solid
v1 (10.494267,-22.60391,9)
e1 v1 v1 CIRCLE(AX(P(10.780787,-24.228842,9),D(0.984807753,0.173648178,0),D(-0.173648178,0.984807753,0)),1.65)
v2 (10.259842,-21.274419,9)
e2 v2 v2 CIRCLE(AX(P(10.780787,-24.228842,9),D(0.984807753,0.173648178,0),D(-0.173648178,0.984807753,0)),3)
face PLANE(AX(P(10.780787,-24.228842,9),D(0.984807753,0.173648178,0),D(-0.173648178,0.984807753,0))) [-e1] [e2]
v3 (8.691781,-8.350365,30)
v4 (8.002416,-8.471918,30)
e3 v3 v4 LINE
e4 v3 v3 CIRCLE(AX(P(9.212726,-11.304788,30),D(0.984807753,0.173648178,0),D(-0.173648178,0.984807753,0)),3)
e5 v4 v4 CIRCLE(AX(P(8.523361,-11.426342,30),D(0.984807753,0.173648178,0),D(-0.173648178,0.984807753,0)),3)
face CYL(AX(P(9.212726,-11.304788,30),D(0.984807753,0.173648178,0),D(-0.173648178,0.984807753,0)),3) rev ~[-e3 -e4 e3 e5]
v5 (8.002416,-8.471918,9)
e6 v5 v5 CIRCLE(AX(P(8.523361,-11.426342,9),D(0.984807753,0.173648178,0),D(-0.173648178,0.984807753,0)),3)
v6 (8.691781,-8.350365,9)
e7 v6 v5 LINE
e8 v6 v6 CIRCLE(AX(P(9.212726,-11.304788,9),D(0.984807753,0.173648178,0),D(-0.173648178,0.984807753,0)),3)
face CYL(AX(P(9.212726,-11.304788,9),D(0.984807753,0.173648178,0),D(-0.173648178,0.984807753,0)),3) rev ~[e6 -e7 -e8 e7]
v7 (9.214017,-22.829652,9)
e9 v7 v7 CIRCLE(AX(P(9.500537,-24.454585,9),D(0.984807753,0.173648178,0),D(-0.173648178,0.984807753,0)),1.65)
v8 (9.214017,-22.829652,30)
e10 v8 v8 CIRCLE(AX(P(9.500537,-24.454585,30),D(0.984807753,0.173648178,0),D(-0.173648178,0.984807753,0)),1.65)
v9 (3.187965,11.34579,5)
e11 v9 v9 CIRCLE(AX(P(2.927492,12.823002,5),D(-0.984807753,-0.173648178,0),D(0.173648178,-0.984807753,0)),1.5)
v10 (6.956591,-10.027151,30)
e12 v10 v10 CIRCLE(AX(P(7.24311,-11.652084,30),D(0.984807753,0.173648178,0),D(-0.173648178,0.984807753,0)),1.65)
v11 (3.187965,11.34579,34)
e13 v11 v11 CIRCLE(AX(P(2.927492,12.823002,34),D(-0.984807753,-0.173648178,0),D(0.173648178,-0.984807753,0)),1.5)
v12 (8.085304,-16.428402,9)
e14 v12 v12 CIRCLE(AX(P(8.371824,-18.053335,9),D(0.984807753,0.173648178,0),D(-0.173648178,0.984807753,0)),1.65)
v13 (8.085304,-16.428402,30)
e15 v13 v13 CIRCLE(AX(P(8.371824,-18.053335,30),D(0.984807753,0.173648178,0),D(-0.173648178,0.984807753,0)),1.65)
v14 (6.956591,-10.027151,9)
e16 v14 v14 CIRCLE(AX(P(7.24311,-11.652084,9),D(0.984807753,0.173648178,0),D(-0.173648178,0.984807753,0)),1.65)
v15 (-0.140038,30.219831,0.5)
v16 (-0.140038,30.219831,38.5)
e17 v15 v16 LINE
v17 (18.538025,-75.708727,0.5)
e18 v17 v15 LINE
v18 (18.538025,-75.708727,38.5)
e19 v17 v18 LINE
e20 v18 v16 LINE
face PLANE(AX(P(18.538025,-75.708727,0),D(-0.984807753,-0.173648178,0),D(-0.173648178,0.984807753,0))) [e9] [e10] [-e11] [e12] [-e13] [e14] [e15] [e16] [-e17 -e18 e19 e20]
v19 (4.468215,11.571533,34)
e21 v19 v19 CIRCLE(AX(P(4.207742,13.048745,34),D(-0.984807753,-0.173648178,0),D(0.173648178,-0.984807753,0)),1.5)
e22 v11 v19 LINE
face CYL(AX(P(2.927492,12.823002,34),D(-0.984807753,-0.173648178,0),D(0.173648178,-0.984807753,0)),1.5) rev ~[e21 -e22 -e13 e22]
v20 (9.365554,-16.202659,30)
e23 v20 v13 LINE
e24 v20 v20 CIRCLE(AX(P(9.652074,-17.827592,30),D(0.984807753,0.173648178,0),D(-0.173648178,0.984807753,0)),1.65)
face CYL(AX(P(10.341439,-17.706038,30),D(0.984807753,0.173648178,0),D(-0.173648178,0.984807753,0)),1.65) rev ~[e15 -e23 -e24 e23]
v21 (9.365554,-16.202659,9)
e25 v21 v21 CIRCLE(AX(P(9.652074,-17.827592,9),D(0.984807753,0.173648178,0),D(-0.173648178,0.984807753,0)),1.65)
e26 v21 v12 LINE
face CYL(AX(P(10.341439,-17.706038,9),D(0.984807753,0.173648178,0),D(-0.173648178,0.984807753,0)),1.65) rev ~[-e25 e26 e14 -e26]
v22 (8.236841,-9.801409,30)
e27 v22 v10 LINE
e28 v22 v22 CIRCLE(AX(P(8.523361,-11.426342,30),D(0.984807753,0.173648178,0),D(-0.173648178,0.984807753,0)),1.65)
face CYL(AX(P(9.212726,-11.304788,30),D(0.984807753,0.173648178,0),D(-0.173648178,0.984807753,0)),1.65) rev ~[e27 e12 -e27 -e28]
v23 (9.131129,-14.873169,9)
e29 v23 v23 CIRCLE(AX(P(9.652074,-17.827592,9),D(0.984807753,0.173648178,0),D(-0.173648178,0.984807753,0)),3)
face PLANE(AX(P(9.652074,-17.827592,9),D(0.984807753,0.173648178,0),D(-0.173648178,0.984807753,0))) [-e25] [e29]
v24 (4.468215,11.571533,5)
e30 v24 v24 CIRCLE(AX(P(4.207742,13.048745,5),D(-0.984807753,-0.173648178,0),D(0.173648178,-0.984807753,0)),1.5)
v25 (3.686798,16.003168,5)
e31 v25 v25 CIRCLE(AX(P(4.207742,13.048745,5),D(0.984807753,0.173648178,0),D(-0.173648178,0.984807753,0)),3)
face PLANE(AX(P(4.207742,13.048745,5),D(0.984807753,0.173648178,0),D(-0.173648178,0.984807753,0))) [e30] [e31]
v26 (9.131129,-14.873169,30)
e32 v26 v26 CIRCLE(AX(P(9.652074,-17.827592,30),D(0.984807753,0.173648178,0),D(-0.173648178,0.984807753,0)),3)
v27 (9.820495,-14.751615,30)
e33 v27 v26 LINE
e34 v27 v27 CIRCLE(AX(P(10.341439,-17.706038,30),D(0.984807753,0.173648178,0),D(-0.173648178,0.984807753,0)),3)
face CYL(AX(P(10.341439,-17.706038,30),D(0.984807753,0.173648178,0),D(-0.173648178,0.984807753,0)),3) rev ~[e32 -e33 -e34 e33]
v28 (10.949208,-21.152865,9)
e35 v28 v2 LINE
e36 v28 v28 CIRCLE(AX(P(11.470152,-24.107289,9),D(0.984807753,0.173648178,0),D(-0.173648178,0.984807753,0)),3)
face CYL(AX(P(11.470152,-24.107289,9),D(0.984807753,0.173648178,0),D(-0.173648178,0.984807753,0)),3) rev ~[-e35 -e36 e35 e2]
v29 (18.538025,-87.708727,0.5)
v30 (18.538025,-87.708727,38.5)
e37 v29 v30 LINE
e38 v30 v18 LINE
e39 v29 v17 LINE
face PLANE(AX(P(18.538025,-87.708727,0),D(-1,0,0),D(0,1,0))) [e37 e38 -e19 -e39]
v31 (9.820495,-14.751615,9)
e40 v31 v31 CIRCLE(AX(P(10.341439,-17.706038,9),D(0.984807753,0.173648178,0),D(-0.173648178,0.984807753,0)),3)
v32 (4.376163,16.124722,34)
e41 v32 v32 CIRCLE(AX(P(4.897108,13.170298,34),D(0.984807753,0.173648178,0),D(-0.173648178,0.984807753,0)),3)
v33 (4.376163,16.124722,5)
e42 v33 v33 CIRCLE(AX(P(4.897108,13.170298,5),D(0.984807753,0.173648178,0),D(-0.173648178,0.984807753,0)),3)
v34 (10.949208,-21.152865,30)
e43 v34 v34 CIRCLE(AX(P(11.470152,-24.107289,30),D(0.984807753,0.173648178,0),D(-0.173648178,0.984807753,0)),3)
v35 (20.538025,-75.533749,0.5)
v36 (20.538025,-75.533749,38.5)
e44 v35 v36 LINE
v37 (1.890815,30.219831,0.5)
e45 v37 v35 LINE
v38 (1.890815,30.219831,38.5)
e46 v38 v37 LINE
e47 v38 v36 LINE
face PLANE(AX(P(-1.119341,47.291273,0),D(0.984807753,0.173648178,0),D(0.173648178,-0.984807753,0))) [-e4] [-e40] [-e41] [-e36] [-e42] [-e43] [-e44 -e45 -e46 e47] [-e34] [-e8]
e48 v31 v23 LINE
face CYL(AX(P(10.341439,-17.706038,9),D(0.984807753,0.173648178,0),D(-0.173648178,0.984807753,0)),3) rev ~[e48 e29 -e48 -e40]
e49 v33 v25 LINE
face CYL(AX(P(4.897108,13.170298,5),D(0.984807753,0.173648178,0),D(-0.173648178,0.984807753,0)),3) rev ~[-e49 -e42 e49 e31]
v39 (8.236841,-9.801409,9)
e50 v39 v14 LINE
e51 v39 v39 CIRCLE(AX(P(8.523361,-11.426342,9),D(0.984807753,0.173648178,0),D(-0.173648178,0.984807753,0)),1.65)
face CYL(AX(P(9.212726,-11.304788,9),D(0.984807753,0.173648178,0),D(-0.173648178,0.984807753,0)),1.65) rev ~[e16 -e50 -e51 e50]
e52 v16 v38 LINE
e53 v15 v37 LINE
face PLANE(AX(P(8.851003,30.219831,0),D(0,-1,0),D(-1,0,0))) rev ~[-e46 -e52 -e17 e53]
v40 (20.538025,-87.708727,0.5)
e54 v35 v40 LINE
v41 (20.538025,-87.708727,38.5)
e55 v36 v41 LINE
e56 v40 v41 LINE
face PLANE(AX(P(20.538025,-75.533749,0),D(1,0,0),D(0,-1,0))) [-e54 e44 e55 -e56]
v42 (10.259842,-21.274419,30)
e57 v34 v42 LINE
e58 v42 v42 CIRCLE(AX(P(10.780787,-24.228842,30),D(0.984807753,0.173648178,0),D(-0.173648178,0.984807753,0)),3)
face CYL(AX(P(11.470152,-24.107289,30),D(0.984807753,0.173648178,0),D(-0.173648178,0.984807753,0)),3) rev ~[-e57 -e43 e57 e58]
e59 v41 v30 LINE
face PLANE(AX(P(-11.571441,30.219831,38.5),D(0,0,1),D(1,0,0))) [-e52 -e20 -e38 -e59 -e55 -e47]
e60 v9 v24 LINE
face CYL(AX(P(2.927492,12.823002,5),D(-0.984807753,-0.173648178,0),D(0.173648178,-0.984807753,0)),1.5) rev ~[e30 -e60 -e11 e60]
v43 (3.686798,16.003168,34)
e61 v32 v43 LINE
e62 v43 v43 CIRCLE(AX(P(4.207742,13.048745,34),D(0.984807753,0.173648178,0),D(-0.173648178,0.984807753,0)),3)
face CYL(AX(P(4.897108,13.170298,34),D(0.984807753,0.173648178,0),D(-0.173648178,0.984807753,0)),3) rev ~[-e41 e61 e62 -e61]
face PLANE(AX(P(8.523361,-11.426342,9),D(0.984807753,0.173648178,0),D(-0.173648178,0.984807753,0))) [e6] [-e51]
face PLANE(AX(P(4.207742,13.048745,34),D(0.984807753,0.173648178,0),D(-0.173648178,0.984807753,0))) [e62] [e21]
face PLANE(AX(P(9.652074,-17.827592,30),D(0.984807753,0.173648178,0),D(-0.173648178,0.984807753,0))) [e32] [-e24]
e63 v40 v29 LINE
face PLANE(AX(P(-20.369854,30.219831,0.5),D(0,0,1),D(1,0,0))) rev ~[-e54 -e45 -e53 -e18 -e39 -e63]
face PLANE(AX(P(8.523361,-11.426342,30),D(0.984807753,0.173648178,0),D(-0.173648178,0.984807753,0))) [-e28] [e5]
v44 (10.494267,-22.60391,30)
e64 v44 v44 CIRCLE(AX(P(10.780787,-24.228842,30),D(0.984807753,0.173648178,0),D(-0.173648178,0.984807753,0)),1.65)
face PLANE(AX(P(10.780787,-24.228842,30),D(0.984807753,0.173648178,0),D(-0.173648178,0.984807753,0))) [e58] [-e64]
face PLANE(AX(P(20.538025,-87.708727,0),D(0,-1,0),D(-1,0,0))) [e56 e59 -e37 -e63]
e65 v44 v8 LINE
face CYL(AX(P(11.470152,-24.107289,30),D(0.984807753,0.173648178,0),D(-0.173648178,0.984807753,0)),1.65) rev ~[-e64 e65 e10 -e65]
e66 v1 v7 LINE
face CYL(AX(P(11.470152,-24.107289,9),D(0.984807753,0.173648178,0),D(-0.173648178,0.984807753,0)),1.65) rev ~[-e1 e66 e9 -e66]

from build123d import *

# Parameters (mm, degrees)
EXTRUDE_1_DEPTH     = 39
SKETCH_7_R          = 1.65
CUT_EXTRUDE_1_DEPTH = 10
SKETCH_11_R         = 1.5
CUT_EXTRUDE_2_DEPTH = 10
SKETCH_12_W         = 29.009042243
SKETCH_12_H         = 10
CUT_EXTRUDE_3_DEPTH = 40
SKETCH_14_R         = 3
CUT_EXTRUDE_4_DEPTH = 0.7
SKETCH_17_W         = 22.396032982
SKETCH_17_H         = 19.376343142
CUT_EXTRUDE_5_DEPTH = 48
SKETCH_18_W         = 48.955276493
SKETCH_18_H         = 0.5
SKETCH_18_W_2       = 40.156862745
CUT_EXTRUDE_6_DEPTH = 150


with BuildPart() as part:
    # 草图1 → 凸台-拉伸1 (new body)
    with BuildSketch(Plane.XY):
        Polygon((18.538024786, -87.708726548), (18.538024786, -75.708726548), (-3.150193841, 47.291273452), (-1.119340617, 47.291273452), (20.538024786, -75.533749221), (20.538024786, -87.708726548), align=None)
    extrude(amount=EXTRUDE_1_DEPTH)

    # 草图7 → 切除-拉伸1 (cut)
    with BuildSketch(Plane(origin=(7.001695694, 1.234587862, 0), x_dir=(0, 0, -1), z_dir=(0.9848077530122079, 0.17364817766693164, 0))):
        with Locations(Location((-30, -19.232815796, 0), (0, 0, 90))):
            Circle(SKETCH_7_R)
        with Locations(Location((-9, -19.232815796, 0), (0, 0, 90))):
            Circle(SKETCH_7_R)
        with Locations(Location((-30, -12.732815796, 0), (0, 0, 90))):
            Circle(SKETCH_7_R)
        with Locations(Location((-9, -12.732815796, 0), (0, 0, 90))):
            Circle(SKETCH_7_R)
        with Locations(Location((-9, -25.732815796, 0), (0, 0, 90))):
            Circle(SKETCH_7_R)
        with Locations(Location((-30, -25.732815796, 0), (0, 0, 90))):
            Circle(SKETCH_7_R)
    extrude(amount=-CUT_EXTRUDE_1_DEPTH, mode=Mode.SUBTRACT)

    # 草图11 → 切除-拉伸2 (cut)
    with BuildSketch(Plane(origin=(5.032080188, 0.887291506, 0), x_dir=(0, 0, 1), z_dir=(-0.9848077530122079, -0.1736481776669316, 0))):
        with Locations(Location((5, 12.119838165, 0), (0, 0, 270))):
            Circle(SKETCH_11_R)
        with Locations(Location((34, 12.119838165, 0), (0, 0, 270))):
            Circle(SKETCH_11_R)
    extrude(amount=-CUT_EXTRUDE_2_DEPTH, mode=Mode.SUBTRACT)

    # 草图12 → 切除-拉伸3 (cut)
    with BuildSketch(Plane.XY.offset(39)):
        with Locations((0.338832517, 47.079233545)):
            Rectangle(SKETCH_12_W, SKETCH_12_H)
    extrude(amount=-CUT_EXTRUDE_3_DEPTH, mode=Mode.SUBTRACT)

    # 草图14 → 切除-拉伸4 (cut)
    with BuildSketch(Plane(origin=(7.001695694, 1.234587862, 0), x_dir=(0, 0, -1), z_dir=(0.9848077530122078, 0.17364817766693164, 0))):
        with Locations(Location((-34, 12.119838165, 0), (0, 0, 90))):
            Circle(SKETCH_14_R)
        with Locations(Location((-5, 12.119838165, 0), (0, 0, 90))):
            Circle(SKETCH_14_R)
        with Locations(Location((-30, -19.232815796, 0), (0, 0, 90))):
            Circle(SKETCH_14_R)
        with Locations(Location((-9, -19.232815796, 0), (0, 0, 90))):
            Circle(SKETCH_14_R)
        with Locations(Location((-30, -12.732815796, 0), (0, 0, 90))):
            Circle(SKETCH_14_R)
        with Locations(Location((-9, -12.732815796, 0), (0, 0, 90))):
            Circle(SKETCH_14_R)
        with Locations(Location((-30, -25.732815796, 0), (0, 0, 90))):
            Circle(SKETCH_14_R)
        with Locations(Location((-9, -25.732815796, 0), (0, 0, 90))):
            Circle(SKETCH_14_R)
    extrude(amount=-CUT_EXTRUDE_4_DEPTH, mode=Mode.SUBTRACT)

    # 草图17 → 切除-拉伸5 (cut)
    with BuildSketch(Plane(origin=(0, 0, 0), x_dir=(-1, 0, 0), z_dir=(0, 0, -1))):
        with Locations((2.347013145, 39.90800246)):
            Rectangle(SKETCH_17_W, SKETCH_17_H)
    extrude(amount=-CUT_EXTRUDE_5_DEPTH, mode=Mode.SUBTRACT)

    # 草图18 → 切除-拉伸6 (cut)
    with BuildSketch(Plane(origin=(0, 30.219830889, 0), x_dir=(1, 0, 0), z_dir=(0, 1, 0))):
        with Locations((4.107783916, -0.25)):
            Rectangle(SKETCH_18_W, SKETCH_18_H)
        with Locations((8.50699079, -38.75)):
            Rectangle(SKETCH_18_W_2, SKETCH_18_H)
    extrude(amount=-CUT_EXTRUDE_6_DEPTH, mode=Mode.SUBTRACT)


solid = part.part
